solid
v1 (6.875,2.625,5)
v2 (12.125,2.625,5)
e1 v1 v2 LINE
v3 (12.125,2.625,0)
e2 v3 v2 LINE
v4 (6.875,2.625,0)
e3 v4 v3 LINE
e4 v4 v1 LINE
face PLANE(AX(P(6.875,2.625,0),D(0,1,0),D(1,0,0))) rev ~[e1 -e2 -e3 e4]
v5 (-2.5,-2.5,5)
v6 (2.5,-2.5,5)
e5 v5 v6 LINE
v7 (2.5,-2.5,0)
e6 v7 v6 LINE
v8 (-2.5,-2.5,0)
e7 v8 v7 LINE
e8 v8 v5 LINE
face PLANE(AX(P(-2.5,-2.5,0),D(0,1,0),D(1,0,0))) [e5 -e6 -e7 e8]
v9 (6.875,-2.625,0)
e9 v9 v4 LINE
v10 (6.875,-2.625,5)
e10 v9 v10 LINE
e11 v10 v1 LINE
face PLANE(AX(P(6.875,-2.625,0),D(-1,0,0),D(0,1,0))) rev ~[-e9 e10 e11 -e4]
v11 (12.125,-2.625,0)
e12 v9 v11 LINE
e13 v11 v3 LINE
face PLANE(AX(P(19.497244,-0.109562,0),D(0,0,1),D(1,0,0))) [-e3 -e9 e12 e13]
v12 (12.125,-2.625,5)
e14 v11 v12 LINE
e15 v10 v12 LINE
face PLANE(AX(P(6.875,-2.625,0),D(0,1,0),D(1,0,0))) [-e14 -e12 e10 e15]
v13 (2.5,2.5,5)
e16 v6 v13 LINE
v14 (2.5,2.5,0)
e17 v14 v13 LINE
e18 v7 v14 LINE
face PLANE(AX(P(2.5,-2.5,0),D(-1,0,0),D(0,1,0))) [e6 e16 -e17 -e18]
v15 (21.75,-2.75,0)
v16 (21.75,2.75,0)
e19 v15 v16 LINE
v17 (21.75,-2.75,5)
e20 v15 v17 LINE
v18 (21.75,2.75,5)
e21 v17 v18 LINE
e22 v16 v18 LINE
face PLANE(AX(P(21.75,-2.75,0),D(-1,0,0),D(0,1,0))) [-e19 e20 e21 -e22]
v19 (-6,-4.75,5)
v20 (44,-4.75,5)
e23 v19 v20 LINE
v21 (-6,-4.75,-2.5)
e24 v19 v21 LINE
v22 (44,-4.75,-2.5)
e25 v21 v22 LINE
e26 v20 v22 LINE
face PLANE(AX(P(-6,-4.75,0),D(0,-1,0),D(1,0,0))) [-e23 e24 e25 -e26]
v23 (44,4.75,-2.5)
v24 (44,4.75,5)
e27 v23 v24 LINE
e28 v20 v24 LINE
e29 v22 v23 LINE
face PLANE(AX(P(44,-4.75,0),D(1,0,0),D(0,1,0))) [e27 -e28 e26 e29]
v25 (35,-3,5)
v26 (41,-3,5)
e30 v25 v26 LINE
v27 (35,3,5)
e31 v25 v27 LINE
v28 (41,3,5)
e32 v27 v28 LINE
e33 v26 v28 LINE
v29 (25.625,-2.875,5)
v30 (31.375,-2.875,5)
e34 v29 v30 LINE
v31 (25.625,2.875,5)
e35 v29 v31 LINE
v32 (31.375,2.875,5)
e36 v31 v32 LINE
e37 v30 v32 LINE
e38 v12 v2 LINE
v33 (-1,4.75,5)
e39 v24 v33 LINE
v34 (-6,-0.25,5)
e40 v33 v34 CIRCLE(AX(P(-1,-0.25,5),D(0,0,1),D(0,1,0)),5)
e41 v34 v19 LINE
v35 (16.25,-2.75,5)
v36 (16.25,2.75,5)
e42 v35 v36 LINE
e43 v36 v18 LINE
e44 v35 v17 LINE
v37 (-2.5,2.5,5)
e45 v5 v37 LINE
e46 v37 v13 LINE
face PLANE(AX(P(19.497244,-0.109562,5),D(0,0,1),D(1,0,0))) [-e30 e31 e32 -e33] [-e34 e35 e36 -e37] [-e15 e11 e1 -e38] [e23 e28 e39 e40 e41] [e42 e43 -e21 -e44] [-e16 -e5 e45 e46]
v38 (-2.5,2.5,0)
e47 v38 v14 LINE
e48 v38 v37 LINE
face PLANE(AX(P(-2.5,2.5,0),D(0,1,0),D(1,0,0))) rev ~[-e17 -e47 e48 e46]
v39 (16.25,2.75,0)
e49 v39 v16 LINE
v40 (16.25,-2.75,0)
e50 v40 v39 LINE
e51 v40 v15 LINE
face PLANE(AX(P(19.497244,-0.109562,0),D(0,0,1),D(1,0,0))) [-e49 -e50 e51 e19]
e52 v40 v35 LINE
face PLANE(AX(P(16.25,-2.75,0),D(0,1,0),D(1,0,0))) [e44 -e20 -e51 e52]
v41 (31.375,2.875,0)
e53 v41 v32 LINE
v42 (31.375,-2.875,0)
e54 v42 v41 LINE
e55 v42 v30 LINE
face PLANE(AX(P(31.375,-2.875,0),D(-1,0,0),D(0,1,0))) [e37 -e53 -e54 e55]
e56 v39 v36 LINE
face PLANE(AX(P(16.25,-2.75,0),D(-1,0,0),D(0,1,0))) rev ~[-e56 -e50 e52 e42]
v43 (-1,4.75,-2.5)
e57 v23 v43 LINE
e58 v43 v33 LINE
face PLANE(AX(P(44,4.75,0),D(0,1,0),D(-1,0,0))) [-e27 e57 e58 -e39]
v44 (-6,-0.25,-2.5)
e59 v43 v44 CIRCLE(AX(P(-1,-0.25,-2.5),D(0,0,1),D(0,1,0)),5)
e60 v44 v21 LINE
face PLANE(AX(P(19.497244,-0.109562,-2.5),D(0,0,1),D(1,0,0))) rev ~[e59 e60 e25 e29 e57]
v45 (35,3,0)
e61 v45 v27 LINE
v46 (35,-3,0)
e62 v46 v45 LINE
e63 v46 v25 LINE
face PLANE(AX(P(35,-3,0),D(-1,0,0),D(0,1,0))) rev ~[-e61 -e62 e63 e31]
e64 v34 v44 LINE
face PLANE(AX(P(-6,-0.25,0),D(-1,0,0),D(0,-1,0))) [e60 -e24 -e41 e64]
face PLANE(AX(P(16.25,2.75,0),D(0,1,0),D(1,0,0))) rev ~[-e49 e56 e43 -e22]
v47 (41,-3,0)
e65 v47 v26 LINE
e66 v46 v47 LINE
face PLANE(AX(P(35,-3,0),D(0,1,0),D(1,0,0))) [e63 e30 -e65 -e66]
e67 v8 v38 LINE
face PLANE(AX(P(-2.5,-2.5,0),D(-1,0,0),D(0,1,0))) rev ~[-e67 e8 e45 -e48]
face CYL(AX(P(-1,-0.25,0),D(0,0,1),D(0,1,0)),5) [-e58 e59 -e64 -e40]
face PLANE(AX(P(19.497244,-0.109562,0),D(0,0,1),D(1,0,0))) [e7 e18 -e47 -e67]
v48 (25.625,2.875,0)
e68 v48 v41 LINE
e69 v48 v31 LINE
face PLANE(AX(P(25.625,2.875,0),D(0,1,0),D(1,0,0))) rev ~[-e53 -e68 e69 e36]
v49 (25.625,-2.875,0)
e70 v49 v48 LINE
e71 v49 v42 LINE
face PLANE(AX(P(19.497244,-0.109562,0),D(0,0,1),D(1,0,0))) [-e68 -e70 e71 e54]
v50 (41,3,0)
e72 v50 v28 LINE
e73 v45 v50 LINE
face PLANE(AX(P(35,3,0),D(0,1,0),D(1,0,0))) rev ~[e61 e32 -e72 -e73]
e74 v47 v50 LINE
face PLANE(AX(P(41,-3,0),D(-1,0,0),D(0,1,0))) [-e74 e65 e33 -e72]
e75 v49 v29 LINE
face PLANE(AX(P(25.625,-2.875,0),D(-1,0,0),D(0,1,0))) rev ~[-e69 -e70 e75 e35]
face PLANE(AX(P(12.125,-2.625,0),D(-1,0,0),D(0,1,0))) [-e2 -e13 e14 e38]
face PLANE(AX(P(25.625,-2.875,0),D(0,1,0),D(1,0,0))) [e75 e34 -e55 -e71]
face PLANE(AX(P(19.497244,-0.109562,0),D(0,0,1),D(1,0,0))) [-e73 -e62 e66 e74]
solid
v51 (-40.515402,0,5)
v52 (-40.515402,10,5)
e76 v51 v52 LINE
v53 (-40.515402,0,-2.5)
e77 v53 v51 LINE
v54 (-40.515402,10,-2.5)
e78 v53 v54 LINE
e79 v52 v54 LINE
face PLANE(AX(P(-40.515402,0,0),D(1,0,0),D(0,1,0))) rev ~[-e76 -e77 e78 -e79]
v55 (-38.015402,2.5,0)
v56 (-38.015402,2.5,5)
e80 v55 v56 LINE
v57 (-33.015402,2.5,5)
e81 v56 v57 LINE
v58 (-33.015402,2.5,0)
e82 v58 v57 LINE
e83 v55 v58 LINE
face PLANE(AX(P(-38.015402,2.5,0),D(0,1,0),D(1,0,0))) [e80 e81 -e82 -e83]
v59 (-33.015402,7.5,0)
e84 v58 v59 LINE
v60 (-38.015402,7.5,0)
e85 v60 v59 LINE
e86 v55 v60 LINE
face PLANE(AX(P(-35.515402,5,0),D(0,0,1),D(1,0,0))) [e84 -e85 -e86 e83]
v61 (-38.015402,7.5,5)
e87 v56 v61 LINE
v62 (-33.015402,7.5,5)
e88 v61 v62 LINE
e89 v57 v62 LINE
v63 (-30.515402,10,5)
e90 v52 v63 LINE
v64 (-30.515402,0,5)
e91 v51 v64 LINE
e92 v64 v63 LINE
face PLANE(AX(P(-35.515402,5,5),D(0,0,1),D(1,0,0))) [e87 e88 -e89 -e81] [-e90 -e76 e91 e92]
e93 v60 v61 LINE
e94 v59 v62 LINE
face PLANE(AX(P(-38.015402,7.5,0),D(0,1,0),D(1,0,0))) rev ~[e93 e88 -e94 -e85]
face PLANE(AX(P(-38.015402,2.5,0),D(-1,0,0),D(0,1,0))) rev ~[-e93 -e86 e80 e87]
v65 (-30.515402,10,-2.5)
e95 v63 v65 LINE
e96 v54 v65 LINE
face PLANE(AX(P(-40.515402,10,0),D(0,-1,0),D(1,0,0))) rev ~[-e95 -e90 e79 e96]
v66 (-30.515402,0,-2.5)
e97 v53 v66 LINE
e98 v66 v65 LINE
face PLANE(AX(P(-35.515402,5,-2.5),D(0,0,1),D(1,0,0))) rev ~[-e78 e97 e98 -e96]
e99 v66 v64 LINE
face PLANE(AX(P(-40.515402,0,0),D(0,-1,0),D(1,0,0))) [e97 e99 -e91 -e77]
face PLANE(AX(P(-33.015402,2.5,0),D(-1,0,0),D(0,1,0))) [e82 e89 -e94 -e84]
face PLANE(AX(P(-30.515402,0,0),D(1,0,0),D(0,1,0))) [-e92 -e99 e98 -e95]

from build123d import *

# Parameters (mm, degrees)
F0_W     = 5
F0_H     = 5
F0_W_2   = 5.25
F0_H_2   = 5.25
F0_W_3   = 5.5
F0_H_3   = 5.5
F0_W_4   = 5.75
F0_H_4   = 5.75
F0_W_5   = 6
F0_H_5   = 6
F1_DEPTH = 5
F2_DEPTH = 2.5
F3_W     = 10
F3_H     = 10
F3_W_2   = 5
F3_H_2   = 5
F4_DEPTH = 5
F5_DEPTH = 2.5


with BuildPart() as f1:
    # F0 (on Top) → F1 (new body)
    with BuildSketch(Plane.XY):
        with BuildLine():
            Line((44, -4.75), (44, 4.75))
            Line((44, 4.75), (-1, 4.75))
            ThreePointArc((-1, 4.75), (-4.5355339059, 3.2855339059), (-6, -0.25))
            Line((-6, -0.25), (-6, -4.75))
            Line((-6, -4.75), (44, -4.75))
        make_face()
        Rectangle(F0_W, F0_H, mode=Mode.SUBTRACT)
        with Locations((9.5, 0)):
            Rectangle(F0_W_2, F0_H_2, mode=Mode.SUBTRACT)
        with Locations((19, 0)):
            Rectangle(F0_W_3, F0_H_3, mode=Mode.SUBTRACT)
        with Locations((28.5, 0)):
            Rectangle(F0_W_4, F0_H_4, mode=Mode.SUBTRACT)
        with Locations((38, 0)):
            Rectangle(F0_W_5, F0_H_5, mode=Mode.SUBTRACT)
    extrude(amount=F1_DEPTH)

    # F0 (on Top) → F2 (join)
    with BuildSketch(Plane.XY):
        with BuildLine():
            Line((44, -4.75), (44, 4.75))
            Line((44, 4.75), (-1, 4.75))
            ThreePointArc((-1, 4.75), (-4.5355339059, 3.2855339059), (-6, -0.25))
            Line((-6, -0.25), (-6, -4.75))
            Line((-6, -4.75), (44, -4.75))
        make_face()
        Rectangle(F0_W, F0_H, mode=Mode.SUBTRACT)
        with Locations((9.5, 0)):
            Rectangle(F0_W_2, F0_H_2, mode=Mode.SUBTRACT)
        with Locations((19, 0)):
            Rectangle(F0_W_3, F0_H_3, mode=Mode.SUBTRACT)
        with Locations((28.5, 0)):
            Rectangle(F0_W_4, F0_H_4, mode=Mode.SUBTRACT)
        with Locations((38, 0)):
            Rectangle(F0_W_5, F0_H_5, mode=Mode.SUBTRACT)
        with Locations((38, 0)):
            Rectangle(F0_W_5, F0_H_5)
        with Locations((28.5, 0)):
            Rectangle(F0_W_4, F0_H_4)
        with Locations((19, 0)):
            Rectangle(F0_W_3, F0_H_3)
        with Locations((9.5, 0)):
            Rectangle(F0_W_2, F0_H_2)
        Rectangle(F0_W, F0_H)
    extrude(amount=-F2_DEPTH)


with BuildPart() as f4:
    # F3 (on Top) → F4 (new body)
    with BuildSketch(Plane.XY):
        with Locations((-35.5154023, 5)):
            Rectangle(F3_W, F3_H)
        with Locations((-35.5154023, 5)):
            Rectangle(F3_W_2, F3_H_2, mode=Mode.SUBTRACT)
    extrude(amount=F4_DEPTH)

    # F3 (on Top) → F5 (join)
    with BuildSketch(Plane.XY):
        with Locations((-35.5154023, 5)):
            Rectangle(F3_W, F3_H)
        with Locations((-35.5154023, 5)):
            Rectangle(F3_W_2, F3_H_2, mode=Mode.SUBTRACT)
        with Locations((-35.5154023, 5)):
            Rectangle(F3_W_2, F3_H_2)
    extrude(amount=-F5_DEPTH)


solid = Compound([f1.part, f4.part])
